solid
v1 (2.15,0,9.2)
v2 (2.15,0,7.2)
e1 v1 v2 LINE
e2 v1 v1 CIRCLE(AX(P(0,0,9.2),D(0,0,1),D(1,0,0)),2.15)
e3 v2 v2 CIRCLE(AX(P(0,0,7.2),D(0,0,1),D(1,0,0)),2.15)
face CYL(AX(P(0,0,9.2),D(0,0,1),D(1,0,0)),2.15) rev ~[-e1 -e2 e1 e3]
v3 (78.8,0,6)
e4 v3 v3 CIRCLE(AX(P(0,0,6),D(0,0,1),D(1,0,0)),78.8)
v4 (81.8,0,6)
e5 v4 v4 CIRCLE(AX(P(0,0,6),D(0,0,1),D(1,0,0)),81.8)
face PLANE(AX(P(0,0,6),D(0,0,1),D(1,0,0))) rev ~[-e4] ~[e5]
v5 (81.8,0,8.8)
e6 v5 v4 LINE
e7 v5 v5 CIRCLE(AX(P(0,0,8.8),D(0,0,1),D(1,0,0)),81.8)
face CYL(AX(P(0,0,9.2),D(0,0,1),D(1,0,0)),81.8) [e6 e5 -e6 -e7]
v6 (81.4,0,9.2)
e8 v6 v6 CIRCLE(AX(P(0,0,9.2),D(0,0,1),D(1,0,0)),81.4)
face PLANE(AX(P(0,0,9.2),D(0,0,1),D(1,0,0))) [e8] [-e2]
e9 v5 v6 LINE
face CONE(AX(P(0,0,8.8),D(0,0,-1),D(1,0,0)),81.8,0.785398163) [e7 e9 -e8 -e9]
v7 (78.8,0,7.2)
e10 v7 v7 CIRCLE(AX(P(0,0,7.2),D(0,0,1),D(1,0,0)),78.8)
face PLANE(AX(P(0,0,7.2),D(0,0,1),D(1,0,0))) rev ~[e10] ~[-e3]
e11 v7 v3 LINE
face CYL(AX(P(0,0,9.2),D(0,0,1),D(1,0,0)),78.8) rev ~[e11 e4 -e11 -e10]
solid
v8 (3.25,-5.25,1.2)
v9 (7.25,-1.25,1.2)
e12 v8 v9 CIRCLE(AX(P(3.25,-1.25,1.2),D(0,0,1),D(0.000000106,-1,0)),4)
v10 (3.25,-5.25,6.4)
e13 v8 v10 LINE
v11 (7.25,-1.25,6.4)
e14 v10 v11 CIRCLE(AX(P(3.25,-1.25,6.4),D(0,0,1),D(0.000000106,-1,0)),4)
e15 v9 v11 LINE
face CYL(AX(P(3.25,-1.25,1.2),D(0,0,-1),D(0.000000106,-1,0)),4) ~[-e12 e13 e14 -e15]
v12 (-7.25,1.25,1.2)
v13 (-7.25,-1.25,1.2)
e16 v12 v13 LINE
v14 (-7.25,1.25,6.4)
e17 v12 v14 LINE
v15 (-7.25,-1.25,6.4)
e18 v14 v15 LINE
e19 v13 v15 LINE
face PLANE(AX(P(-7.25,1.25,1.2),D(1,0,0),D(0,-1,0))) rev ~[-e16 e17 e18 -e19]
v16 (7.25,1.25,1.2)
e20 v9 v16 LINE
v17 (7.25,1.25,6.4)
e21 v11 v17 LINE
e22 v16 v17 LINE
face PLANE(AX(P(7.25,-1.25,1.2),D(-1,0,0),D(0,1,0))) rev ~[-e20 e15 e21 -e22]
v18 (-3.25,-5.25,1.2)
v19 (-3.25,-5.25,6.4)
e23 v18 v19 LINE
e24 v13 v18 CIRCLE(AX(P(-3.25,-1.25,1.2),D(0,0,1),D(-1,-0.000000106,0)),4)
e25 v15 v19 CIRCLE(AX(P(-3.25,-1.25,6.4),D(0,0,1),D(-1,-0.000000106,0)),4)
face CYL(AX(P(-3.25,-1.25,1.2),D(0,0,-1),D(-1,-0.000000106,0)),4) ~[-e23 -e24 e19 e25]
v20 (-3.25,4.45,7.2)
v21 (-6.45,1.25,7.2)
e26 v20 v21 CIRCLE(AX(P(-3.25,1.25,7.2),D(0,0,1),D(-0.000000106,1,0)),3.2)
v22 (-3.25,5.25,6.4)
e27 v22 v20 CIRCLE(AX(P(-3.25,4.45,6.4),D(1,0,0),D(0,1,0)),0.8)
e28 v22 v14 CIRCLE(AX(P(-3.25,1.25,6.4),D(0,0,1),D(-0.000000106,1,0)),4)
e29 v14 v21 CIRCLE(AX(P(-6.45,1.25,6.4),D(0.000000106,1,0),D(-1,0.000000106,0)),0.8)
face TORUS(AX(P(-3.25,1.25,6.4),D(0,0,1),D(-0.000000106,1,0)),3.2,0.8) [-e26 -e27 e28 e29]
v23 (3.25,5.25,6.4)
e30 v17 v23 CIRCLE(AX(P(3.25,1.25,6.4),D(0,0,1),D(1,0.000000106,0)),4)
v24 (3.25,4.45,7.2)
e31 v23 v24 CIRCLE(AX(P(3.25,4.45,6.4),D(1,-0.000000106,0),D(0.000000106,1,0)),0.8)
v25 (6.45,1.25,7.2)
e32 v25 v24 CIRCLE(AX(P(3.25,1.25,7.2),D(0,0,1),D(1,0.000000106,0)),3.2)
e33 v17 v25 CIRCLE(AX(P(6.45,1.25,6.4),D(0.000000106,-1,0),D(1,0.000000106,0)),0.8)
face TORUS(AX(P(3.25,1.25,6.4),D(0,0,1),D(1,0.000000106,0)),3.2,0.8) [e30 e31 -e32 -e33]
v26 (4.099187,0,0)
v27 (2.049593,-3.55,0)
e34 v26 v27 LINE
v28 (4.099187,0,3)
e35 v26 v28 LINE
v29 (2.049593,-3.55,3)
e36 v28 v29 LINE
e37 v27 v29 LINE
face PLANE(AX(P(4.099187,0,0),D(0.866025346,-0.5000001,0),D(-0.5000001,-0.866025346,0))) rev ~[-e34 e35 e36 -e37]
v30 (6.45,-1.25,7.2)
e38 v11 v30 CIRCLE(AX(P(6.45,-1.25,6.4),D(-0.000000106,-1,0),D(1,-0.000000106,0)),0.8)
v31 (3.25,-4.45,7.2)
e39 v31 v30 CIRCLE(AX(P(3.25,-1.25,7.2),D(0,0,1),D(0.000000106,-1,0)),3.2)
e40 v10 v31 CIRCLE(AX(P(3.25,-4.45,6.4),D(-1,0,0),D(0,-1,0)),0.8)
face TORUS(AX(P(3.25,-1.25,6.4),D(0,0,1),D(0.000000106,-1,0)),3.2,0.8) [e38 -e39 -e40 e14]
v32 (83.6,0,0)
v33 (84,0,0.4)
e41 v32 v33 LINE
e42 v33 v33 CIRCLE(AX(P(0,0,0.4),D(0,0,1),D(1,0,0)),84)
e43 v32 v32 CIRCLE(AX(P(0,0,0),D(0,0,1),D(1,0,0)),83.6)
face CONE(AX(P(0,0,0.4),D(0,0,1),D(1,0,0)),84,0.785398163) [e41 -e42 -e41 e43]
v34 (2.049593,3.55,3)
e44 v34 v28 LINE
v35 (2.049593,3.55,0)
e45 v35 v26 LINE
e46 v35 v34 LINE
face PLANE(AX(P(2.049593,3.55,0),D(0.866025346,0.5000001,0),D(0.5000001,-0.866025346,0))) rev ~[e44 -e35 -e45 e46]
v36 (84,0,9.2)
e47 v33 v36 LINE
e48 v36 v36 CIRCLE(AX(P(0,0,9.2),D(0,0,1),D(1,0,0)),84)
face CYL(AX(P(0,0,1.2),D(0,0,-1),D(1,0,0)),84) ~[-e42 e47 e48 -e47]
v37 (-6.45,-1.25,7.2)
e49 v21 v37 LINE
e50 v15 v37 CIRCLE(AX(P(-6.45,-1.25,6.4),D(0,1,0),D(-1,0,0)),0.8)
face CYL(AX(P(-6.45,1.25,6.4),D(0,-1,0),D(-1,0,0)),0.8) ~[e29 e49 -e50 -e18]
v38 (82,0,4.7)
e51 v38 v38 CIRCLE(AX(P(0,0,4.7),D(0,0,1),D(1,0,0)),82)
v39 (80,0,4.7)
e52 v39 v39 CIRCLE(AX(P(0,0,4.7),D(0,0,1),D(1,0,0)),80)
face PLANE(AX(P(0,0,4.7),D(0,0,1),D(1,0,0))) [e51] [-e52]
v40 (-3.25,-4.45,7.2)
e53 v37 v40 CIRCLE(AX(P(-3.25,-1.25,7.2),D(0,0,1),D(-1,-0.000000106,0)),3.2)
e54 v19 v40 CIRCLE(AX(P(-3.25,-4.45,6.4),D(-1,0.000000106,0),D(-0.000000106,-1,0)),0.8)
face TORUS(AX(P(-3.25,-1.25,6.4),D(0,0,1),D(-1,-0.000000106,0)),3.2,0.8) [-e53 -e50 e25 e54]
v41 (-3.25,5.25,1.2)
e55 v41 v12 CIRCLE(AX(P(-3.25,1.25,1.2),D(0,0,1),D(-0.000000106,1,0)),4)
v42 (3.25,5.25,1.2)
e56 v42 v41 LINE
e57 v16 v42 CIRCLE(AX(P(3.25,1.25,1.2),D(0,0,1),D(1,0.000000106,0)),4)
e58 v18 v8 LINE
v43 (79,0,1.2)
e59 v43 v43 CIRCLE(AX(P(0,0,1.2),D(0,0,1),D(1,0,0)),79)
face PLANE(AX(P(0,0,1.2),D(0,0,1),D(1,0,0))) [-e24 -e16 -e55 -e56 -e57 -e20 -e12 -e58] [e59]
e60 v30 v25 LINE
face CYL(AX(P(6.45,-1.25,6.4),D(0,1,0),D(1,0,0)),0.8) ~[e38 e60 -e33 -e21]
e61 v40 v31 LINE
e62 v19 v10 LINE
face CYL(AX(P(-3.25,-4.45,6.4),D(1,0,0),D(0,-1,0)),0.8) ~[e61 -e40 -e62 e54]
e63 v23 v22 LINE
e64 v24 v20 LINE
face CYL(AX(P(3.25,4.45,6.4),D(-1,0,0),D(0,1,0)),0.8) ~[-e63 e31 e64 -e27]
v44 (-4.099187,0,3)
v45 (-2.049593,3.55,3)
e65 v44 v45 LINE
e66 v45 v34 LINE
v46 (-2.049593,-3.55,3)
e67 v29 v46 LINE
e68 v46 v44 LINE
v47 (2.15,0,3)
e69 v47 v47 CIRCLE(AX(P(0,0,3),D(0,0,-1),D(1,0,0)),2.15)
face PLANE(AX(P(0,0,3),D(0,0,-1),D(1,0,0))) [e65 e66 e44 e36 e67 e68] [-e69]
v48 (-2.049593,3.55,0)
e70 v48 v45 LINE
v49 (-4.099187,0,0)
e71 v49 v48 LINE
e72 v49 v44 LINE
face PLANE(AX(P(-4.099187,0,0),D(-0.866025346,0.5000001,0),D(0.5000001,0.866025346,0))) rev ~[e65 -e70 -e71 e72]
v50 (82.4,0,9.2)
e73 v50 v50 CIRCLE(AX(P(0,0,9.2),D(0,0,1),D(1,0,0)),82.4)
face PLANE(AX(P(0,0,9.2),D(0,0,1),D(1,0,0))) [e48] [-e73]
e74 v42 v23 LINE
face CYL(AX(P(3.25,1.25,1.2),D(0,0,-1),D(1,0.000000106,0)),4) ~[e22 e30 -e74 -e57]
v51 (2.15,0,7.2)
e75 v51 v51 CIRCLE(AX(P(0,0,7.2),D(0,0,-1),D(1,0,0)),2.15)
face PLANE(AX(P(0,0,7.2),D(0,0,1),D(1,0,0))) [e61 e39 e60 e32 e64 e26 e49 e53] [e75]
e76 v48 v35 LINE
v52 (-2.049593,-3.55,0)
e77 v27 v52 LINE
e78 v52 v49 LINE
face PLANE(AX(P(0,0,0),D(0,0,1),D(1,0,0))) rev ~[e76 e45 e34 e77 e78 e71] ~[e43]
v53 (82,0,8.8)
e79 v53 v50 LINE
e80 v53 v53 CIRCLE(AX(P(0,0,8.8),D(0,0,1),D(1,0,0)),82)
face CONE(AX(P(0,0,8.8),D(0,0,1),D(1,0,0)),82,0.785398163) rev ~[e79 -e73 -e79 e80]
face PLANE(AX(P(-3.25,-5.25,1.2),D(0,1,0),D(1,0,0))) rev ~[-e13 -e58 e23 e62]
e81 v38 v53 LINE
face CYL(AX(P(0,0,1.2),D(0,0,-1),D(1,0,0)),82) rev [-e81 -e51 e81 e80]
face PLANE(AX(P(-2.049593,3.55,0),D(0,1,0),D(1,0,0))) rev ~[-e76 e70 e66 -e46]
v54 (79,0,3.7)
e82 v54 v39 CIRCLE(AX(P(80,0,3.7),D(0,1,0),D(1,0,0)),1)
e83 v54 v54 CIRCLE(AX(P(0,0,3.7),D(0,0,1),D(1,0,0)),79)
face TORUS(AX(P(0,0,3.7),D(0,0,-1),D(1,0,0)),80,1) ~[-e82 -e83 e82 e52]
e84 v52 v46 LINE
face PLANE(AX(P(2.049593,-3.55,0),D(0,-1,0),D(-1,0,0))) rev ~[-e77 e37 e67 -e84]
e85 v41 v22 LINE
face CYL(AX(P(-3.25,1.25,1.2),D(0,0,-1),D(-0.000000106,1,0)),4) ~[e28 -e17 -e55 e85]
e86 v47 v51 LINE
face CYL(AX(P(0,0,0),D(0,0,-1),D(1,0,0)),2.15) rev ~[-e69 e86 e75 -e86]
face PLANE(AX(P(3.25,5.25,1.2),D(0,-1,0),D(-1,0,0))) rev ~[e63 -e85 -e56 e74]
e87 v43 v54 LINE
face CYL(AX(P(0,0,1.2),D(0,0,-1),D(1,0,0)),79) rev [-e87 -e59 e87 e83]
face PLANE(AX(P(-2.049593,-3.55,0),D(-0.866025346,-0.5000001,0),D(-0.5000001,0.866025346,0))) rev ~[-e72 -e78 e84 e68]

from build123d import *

# Parameters (mm, degrees)
F0_R      = 84
F1_DEPTH  = 1.2
F2_R      = 84
F2_R_2    = 82
F3_DEPTH  = 8
F4_R      = 82
F4_R_2    = 79
F5_DEPTH  = 3.5
F6_R      = 1
F8_DEPTH  = 6
F9_R      = 2.15
F10_DEPTH = 9.201
F12_DEPTH = 3
F13_R     = 0.8
F14_SIZE  = 0.4
F15_R     = 81.8
F15_R_2   = 2.15
F16_DEPTH = 2
F17_R     = 81.8
F17_R_2   = 78.8
F18_DEPTH = 3.2
F19_SIZE  = 0.4


with BuildPart() as f1:
    # F0 (on Top) → F1 (new body)
    with BuildSketch(Plane.XY):
        Circle(F0_R)
    extrude(amount=F1_DEPTH)

    # F2 (on face) → F3 (join)
    with BuildSketch(Plane.XY.offset(1.2)):
        Circle(F2_R)
        Circle(F2_R_2, mode=Mode.SUBTRACT)
    extrude(amount=F3_DEPTH)

    # F4 (on face) → F5 (join)
    with BuildSketch(Plane.XY.offset(1.2)):
        Circle(F4_R)
        Circle(F4_R_2, mode=Mode.SUBTRACT)
    extrude(amount=F5_DEPTH)

    # F6
    f6_edges = [f1.edges().sort_by_distance(p)[0] for p in [
        (-79, 0, 4.7),
    ]]
    fillet(f6_edges, radius=F6_R)

    # F7 (on face) → F8 (join)
    with BuildSketch(Plane.XY.offset(1.2)):
        with BuildLine():
            Line((-3.25, -5.25), (3.25, -5.25))
            ThreePointArc((3.25, -5.25), (6.078427, -4.078427), (7.25, -1.25))
            Line((7.25, -1.25), (7.25, 1.25))
            ThreePointArc((7.25, 1.25), (6.078427, 4.078427), (3.25, 5.25))
            Line((3.25, 5.25), (-3.25, 5.25))
            ThreePointArc((-3.25, 5.25), (-6.078427, 4.078427), (-7.25, 1.25))
            Line((-7.25, 1.25), (-7.25, -1.25))
            ThreePointArc((-7.25, -1.25), (-6.078427, -4.078427), (-3.25, -5.25))
        make_face()
    extrude(amount=F8_DEPTH)

    # F9 (on face) → F10 (cut, through all)
    with BuildSketch(Plane(origin=(0, 0, 0), x_dir=(1, 0, 0), z_dir=(0, 0, -1))):
        Circle(F9_R)
    extrude(amount=-F10_DEPTH, mode=Mode.SUBTRACT)

    # F11 (on face) → F12 (cut)
    with BuildSketch(Plane(origin=(0, 0, 0), x_dir=(1, 0, 0), z_dir=(0, 0, -1))):
        Polygon((-2.049593, 3.55), (-4.099187, 0), (-2.049593, -3.55), (2.049593, -3.55), (4.099187, 0), (2.049593, 3.55), align=None)
    extrude(amount=-F12_DEPTH, mode=Mode.SUBTRACT)

    # F13
    f13_edges = [f1.edges().sort_by_distance(p)[0] for p in [
        (6.078427, 4.078427, 7.2),
    ]]
    fillet(f13_edges, radius=F13_R)

    # F14
    f14_edges = [f1.edges().sort_by_distance(p)[0] for p in [
        (-82, 0, 9.2),
        (-84, 0, 0),
    ]]
    chamfer(f14_edges, length=F14_SIZE)


with BuildPart() as f16:
    # F15 (on face) → F16 (new body, through all)
    with BuildSketch(Plane.XY.offset(9.2)):
        Circle(F15_R)
        Circle(F15_R_2, mode=Mode.SUBTRACT)
    extrude(amount=-F16_DEPTH)

    # F17 (on face) → F18 (join)
    with BuildSketch(Plane.XY.offset(9.2)):
        Circle(F17_R)
        Circle(F17_R_2, mode=Mode.SUBTRACT)
    extrude(amount=-F18_DEPTH)

    # F19
    f19_edges = [f16.edges().sort_by_distance(p)[0] for p in [
        (-81.8, 0, 9.2),
    ]]
    chamfer(f19_edges, length=F19_SIZE)


solid = Compound([f1.part, f16.part])
